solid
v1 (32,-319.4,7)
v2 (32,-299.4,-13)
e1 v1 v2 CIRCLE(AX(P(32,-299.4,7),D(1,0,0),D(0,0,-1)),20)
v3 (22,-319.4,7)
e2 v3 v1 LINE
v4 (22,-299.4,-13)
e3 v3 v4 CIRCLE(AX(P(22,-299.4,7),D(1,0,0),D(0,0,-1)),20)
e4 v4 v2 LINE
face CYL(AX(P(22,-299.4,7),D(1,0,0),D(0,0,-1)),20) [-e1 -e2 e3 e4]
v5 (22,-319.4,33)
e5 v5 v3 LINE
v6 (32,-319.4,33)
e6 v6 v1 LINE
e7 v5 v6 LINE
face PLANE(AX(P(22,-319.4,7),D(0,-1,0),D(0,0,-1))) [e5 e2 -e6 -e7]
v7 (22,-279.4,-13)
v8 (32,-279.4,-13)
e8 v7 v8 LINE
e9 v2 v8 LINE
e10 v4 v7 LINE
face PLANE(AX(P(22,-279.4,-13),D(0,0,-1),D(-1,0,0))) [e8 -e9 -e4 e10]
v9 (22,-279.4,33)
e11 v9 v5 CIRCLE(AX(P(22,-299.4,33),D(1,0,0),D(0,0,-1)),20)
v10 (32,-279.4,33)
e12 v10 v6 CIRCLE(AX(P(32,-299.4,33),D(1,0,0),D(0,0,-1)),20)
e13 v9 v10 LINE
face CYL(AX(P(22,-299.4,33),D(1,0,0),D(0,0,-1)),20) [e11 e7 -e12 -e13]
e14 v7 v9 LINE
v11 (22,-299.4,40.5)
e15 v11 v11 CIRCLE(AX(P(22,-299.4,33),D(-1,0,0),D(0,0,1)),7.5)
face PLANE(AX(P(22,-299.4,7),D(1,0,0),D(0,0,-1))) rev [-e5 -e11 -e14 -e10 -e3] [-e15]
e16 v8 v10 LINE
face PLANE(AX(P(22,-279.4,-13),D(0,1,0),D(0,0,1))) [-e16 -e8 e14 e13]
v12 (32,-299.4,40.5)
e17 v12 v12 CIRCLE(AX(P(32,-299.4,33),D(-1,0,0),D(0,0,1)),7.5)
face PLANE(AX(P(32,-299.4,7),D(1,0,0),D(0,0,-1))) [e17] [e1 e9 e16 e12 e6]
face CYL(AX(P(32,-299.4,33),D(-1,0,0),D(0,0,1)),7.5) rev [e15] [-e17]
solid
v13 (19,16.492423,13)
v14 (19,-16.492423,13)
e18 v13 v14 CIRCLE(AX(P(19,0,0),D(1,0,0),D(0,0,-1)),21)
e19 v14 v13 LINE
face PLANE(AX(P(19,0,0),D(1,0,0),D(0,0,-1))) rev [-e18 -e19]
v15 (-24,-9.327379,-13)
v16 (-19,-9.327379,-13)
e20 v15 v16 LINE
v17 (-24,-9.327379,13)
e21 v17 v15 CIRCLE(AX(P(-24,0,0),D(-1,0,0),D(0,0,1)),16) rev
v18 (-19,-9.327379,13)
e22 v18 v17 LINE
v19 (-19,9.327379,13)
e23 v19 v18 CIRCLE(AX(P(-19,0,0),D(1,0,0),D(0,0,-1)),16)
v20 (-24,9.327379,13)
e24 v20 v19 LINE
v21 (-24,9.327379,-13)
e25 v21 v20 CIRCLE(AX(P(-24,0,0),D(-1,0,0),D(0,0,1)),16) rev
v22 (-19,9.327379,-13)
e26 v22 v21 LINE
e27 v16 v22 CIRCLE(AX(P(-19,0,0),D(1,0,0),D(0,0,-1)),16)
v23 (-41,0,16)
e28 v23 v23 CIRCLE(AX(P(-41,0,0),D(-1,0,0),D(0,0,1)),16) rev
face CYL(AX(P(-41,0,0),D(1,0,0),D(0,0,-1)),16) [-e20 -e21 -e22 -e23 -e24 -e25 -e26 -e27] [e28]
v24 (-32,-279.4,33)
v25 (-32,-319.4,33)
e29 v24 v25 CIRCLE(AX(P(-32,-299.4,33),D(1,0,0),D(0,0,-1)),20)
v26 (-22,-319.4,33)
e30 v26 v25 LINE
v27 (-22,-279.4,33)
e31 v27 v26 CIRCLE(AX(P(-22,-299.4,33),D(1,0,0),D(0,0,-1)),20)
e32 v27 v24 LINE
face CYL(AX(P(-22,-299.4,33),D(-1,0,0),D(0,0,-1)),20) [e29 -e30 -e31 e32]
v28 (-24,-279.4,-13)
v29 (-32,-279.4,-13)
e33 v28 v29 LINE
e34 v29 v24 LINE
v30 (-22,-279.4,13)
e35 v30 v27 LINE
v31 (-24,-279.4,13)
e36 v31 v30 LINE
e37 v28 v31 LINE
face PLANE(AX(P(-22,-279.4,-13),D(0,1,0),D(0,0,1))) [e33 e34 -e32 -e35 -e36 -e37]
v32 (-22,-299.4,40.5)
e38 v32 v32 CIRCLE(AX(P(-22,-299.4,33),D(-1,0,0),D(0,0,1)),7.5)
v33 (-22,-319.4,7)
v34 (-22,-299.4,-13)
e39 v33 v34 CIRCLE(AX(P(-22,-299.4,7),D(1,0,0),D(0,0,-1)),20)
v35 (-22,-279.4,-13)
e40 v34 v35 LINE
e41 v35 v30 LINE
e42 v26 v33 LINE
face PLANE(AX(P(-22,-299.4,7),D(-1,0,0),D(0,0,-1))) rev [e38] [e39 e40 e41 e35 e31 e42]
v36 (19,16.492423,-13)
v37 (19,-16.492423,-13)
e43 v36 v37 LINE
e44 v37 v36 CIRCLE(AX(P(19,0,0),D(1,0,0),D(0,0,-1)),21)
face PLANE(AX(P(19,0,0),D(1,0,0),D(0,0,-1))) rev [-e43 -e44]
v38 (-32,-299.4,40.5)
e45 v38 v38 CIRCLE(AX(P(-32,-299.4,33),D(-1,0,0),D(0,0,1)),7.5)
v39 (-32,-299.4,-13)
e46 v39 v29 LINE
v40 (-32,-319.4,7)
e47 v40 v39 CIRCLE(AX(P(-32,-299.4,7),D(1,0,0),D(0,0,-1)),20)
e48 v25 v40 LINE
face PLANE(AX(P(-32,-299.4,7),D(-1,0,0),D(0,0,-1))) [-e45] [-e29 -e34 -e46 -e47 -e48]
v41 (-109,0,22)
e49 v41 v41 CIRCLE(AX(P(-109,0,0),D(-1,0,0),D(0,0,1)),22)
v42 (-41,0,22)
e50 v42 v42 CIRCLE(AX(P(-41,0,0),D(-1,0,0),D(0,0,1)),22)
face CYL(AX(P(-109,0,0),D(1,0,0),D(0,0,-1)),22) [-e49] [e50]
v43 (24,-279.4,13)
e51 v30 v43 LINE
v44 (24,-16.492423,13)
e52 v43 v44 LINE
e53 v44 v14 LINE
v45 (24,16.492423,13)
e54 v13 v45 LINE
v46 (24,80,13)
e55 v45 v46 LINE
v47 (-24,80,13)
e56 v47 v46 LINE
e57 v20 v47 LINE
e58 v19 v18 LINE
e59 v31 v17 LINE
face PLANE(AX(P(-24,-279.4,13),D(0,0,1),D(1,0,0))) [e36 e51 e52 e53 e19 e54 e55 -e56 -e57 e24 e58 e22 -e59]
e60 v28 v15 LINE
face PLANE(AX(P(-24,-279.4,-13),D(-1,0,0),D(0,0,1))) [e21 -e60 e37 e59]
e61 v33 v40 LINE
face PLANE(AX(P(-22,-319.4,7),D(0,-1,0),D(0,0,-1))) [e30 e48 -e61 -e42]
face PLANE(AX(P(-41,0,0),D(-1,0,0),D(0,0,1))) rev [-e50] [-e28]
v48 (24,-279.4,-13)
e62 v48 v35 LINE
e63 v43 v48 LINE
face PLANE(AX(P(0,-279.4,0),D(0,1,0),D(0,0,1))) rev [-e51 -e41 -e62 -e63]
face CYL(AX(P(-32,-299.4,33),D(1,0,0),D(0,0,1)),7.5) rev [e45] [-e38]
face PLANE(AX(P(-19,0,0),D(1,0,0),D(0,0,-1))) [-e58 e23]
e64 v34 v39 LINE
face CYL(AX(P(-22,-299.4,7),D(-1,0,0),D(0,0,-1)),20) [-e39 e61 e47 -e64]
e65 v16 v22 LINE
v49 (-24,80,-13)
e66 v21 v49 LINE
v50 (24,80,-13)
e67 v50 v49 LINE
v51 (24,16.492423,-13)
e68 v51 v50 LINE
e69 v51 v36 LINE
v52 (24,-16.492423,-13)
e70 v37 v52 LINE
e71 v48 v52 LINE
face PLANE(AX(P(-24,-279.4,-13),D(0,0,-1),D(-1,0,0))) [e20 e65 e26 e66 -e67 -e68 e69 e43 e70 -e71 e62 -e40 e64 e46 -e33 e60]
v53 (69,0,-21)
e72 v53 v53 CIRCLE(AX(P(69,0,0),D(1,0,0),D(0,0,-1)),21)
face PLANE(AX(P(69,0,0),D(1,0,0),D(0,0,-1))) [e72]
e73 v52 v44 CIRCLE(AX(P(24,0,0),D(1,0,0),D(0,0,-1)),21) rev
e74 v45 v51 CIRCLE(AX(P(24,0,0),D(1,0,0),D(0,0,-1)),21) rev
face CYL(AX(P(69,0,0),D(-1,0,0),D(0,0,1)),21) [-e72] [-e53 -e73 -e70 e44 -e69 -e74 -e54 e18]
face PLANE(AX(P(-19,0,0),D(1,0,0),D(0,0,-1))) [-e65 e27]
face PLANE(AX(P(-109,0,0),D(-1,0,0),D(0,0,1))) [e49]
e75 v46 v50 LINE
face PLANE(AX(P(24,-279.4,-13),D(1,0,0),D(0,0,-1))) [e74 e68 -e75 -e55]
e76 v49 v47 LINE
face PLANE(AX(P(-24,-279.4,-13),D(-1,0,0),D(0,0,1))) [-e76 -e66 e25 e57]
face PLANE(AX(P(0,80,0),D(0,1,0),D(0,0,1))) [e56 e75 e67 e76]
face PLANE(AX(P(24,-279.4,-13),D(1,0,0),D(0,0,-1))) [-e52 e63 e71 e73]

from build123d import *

# Parameters (mm, degrees)
SKETCH3_R                = 16
BOSS_EXTRUDE1_DEPTH      = 22
SKETCH4_R                = 22
BOSS_EXTRUDE2_DEPTH      = 68
SKETCH2_R                = 21
BOSS_EXTRUDE3_DEPTH      = 50
BOSS_EXTRUDE5_DEPTH      = 80
BOSS_EXTRUDE5_DEPTH_BACK = 279.4
SKETCH1_W                = 48
SKETCH1_H                = 26
BOSS_EXTRUDE7_START      = -2
BOSS_EXTRUDE7_DEPTH      = 10
CUT_EXTRUDE4_START       = -10
SKETCH10_R               = 7.5
CUT_EXTRUDE4_DEPTH       = 10


with BuildPart() as part:
    # Sketch3 → Boss-Extrude1 (new body)
    with BuildSketch(Plane(origin=(-19, 0, 0), x_dir=(0, 0, -1), z_dir=(1, 0, 0))):
        Circle(SKETCH3_R)
    extrude(amount=-BOSS_EXTRUDE1_DEPTH)

    # Sketch4 → Boss-Extrude2 (add)
    with BuildSketch(Plane.ZY.offset(41)):
        Circle(SKETCH4_R)
    extrude(amount=BOSS_EXTRUDE2_DEPTH)



with BuildPart() as body_2:
    # Sketch2 → Boss-Extrude3 (new body)
    with BuildSketch(Plane(origin=(19, 0, 0), x_dir=(0, 0, -1), z_dir=(1, 0, 0))):
        Circle(SKETCH2_R)
    extrude(amount=BOSS_EXTRUDE3_DEPTH)


with BuildPart() as part_1:
    add(part.part)

    add(body_2.part)  # Boss-Extrude5 merges body 2
    # Sketch1 → Boss-Extrude5 (add, two sides: drawn at the far end of the back side and taken through both)
    with BuildSketch(Plane(origin=(0, 0, 0), x_dir=(1, 0, 0), z_dir=(0, 1, 0)).offset(-BOSS_EXTRUDE5_DEPTH_BACK)):
        Rectangle(SKETCH1_W, SKETCH1_H)
    extrude(amount=BOSS_EXTRUDE5_DEPTH + BOSS_EXTRUDE5_DEPTH_BACK)


with BuildPart() as body_2_2:
    # Sketch5 → Boss-Extrude7 (new body)
    with BuildSketch(Plane(origin=(24, 0, 0), x_dir=(0, 0, -1), z_dir=(1, 0, 0)).offset(BOSS_EXTRUDE7_START)):
        with BuildLine():
            Line((13, -279.4), (-33, -279.4))
            ThreePointArc((-33, -279.4), (-53, -299.4), (-33, -319.4))
            Line((-33, -319.4), (-7, -319.4))
            ThreePointArc((-7, -319.4), (7.142135624, -313.542135624), (13, -299.4))
            Line((13, -299.4), (13, -279.4))
        make_face()
    boss_extrude7 = extrude(amount=BOSS_EXTRUDE7_DEPTH)

    # Sketch10 → Cut-Extrude4 (cut)
    with BuildSketch(Plane.ZY.offset(-22).offset(CUT_EXTRUDE4_START)):
        with Locations((33, -299.4)):
            Circle(SKETCH10_R)
    cut_extrude4 = extrude(amount=CUT_EXTRUDE4_DEPTH, mode=Mode.SUBTRACT)


with BuildPart() as part_2:
    add(part_1.part)

    # Mirror26: Boss-Extrude7, Cut-Extrude4 across plane
    add(boss_extrude7.mirror(Plane(origin=(0, 0, 0), x_dir=(0, 0, 1), z_dir=(1, 0, 0))))
    add(cut_extrude4.mirror(Plane(origin=(0, 0, 0), x_dir=(0, 0, 1), z_dir=(1, 0, 0))), mode=Mode.SUBTRACT)


solid = Compound([body_2_2.part, part_2.part])
